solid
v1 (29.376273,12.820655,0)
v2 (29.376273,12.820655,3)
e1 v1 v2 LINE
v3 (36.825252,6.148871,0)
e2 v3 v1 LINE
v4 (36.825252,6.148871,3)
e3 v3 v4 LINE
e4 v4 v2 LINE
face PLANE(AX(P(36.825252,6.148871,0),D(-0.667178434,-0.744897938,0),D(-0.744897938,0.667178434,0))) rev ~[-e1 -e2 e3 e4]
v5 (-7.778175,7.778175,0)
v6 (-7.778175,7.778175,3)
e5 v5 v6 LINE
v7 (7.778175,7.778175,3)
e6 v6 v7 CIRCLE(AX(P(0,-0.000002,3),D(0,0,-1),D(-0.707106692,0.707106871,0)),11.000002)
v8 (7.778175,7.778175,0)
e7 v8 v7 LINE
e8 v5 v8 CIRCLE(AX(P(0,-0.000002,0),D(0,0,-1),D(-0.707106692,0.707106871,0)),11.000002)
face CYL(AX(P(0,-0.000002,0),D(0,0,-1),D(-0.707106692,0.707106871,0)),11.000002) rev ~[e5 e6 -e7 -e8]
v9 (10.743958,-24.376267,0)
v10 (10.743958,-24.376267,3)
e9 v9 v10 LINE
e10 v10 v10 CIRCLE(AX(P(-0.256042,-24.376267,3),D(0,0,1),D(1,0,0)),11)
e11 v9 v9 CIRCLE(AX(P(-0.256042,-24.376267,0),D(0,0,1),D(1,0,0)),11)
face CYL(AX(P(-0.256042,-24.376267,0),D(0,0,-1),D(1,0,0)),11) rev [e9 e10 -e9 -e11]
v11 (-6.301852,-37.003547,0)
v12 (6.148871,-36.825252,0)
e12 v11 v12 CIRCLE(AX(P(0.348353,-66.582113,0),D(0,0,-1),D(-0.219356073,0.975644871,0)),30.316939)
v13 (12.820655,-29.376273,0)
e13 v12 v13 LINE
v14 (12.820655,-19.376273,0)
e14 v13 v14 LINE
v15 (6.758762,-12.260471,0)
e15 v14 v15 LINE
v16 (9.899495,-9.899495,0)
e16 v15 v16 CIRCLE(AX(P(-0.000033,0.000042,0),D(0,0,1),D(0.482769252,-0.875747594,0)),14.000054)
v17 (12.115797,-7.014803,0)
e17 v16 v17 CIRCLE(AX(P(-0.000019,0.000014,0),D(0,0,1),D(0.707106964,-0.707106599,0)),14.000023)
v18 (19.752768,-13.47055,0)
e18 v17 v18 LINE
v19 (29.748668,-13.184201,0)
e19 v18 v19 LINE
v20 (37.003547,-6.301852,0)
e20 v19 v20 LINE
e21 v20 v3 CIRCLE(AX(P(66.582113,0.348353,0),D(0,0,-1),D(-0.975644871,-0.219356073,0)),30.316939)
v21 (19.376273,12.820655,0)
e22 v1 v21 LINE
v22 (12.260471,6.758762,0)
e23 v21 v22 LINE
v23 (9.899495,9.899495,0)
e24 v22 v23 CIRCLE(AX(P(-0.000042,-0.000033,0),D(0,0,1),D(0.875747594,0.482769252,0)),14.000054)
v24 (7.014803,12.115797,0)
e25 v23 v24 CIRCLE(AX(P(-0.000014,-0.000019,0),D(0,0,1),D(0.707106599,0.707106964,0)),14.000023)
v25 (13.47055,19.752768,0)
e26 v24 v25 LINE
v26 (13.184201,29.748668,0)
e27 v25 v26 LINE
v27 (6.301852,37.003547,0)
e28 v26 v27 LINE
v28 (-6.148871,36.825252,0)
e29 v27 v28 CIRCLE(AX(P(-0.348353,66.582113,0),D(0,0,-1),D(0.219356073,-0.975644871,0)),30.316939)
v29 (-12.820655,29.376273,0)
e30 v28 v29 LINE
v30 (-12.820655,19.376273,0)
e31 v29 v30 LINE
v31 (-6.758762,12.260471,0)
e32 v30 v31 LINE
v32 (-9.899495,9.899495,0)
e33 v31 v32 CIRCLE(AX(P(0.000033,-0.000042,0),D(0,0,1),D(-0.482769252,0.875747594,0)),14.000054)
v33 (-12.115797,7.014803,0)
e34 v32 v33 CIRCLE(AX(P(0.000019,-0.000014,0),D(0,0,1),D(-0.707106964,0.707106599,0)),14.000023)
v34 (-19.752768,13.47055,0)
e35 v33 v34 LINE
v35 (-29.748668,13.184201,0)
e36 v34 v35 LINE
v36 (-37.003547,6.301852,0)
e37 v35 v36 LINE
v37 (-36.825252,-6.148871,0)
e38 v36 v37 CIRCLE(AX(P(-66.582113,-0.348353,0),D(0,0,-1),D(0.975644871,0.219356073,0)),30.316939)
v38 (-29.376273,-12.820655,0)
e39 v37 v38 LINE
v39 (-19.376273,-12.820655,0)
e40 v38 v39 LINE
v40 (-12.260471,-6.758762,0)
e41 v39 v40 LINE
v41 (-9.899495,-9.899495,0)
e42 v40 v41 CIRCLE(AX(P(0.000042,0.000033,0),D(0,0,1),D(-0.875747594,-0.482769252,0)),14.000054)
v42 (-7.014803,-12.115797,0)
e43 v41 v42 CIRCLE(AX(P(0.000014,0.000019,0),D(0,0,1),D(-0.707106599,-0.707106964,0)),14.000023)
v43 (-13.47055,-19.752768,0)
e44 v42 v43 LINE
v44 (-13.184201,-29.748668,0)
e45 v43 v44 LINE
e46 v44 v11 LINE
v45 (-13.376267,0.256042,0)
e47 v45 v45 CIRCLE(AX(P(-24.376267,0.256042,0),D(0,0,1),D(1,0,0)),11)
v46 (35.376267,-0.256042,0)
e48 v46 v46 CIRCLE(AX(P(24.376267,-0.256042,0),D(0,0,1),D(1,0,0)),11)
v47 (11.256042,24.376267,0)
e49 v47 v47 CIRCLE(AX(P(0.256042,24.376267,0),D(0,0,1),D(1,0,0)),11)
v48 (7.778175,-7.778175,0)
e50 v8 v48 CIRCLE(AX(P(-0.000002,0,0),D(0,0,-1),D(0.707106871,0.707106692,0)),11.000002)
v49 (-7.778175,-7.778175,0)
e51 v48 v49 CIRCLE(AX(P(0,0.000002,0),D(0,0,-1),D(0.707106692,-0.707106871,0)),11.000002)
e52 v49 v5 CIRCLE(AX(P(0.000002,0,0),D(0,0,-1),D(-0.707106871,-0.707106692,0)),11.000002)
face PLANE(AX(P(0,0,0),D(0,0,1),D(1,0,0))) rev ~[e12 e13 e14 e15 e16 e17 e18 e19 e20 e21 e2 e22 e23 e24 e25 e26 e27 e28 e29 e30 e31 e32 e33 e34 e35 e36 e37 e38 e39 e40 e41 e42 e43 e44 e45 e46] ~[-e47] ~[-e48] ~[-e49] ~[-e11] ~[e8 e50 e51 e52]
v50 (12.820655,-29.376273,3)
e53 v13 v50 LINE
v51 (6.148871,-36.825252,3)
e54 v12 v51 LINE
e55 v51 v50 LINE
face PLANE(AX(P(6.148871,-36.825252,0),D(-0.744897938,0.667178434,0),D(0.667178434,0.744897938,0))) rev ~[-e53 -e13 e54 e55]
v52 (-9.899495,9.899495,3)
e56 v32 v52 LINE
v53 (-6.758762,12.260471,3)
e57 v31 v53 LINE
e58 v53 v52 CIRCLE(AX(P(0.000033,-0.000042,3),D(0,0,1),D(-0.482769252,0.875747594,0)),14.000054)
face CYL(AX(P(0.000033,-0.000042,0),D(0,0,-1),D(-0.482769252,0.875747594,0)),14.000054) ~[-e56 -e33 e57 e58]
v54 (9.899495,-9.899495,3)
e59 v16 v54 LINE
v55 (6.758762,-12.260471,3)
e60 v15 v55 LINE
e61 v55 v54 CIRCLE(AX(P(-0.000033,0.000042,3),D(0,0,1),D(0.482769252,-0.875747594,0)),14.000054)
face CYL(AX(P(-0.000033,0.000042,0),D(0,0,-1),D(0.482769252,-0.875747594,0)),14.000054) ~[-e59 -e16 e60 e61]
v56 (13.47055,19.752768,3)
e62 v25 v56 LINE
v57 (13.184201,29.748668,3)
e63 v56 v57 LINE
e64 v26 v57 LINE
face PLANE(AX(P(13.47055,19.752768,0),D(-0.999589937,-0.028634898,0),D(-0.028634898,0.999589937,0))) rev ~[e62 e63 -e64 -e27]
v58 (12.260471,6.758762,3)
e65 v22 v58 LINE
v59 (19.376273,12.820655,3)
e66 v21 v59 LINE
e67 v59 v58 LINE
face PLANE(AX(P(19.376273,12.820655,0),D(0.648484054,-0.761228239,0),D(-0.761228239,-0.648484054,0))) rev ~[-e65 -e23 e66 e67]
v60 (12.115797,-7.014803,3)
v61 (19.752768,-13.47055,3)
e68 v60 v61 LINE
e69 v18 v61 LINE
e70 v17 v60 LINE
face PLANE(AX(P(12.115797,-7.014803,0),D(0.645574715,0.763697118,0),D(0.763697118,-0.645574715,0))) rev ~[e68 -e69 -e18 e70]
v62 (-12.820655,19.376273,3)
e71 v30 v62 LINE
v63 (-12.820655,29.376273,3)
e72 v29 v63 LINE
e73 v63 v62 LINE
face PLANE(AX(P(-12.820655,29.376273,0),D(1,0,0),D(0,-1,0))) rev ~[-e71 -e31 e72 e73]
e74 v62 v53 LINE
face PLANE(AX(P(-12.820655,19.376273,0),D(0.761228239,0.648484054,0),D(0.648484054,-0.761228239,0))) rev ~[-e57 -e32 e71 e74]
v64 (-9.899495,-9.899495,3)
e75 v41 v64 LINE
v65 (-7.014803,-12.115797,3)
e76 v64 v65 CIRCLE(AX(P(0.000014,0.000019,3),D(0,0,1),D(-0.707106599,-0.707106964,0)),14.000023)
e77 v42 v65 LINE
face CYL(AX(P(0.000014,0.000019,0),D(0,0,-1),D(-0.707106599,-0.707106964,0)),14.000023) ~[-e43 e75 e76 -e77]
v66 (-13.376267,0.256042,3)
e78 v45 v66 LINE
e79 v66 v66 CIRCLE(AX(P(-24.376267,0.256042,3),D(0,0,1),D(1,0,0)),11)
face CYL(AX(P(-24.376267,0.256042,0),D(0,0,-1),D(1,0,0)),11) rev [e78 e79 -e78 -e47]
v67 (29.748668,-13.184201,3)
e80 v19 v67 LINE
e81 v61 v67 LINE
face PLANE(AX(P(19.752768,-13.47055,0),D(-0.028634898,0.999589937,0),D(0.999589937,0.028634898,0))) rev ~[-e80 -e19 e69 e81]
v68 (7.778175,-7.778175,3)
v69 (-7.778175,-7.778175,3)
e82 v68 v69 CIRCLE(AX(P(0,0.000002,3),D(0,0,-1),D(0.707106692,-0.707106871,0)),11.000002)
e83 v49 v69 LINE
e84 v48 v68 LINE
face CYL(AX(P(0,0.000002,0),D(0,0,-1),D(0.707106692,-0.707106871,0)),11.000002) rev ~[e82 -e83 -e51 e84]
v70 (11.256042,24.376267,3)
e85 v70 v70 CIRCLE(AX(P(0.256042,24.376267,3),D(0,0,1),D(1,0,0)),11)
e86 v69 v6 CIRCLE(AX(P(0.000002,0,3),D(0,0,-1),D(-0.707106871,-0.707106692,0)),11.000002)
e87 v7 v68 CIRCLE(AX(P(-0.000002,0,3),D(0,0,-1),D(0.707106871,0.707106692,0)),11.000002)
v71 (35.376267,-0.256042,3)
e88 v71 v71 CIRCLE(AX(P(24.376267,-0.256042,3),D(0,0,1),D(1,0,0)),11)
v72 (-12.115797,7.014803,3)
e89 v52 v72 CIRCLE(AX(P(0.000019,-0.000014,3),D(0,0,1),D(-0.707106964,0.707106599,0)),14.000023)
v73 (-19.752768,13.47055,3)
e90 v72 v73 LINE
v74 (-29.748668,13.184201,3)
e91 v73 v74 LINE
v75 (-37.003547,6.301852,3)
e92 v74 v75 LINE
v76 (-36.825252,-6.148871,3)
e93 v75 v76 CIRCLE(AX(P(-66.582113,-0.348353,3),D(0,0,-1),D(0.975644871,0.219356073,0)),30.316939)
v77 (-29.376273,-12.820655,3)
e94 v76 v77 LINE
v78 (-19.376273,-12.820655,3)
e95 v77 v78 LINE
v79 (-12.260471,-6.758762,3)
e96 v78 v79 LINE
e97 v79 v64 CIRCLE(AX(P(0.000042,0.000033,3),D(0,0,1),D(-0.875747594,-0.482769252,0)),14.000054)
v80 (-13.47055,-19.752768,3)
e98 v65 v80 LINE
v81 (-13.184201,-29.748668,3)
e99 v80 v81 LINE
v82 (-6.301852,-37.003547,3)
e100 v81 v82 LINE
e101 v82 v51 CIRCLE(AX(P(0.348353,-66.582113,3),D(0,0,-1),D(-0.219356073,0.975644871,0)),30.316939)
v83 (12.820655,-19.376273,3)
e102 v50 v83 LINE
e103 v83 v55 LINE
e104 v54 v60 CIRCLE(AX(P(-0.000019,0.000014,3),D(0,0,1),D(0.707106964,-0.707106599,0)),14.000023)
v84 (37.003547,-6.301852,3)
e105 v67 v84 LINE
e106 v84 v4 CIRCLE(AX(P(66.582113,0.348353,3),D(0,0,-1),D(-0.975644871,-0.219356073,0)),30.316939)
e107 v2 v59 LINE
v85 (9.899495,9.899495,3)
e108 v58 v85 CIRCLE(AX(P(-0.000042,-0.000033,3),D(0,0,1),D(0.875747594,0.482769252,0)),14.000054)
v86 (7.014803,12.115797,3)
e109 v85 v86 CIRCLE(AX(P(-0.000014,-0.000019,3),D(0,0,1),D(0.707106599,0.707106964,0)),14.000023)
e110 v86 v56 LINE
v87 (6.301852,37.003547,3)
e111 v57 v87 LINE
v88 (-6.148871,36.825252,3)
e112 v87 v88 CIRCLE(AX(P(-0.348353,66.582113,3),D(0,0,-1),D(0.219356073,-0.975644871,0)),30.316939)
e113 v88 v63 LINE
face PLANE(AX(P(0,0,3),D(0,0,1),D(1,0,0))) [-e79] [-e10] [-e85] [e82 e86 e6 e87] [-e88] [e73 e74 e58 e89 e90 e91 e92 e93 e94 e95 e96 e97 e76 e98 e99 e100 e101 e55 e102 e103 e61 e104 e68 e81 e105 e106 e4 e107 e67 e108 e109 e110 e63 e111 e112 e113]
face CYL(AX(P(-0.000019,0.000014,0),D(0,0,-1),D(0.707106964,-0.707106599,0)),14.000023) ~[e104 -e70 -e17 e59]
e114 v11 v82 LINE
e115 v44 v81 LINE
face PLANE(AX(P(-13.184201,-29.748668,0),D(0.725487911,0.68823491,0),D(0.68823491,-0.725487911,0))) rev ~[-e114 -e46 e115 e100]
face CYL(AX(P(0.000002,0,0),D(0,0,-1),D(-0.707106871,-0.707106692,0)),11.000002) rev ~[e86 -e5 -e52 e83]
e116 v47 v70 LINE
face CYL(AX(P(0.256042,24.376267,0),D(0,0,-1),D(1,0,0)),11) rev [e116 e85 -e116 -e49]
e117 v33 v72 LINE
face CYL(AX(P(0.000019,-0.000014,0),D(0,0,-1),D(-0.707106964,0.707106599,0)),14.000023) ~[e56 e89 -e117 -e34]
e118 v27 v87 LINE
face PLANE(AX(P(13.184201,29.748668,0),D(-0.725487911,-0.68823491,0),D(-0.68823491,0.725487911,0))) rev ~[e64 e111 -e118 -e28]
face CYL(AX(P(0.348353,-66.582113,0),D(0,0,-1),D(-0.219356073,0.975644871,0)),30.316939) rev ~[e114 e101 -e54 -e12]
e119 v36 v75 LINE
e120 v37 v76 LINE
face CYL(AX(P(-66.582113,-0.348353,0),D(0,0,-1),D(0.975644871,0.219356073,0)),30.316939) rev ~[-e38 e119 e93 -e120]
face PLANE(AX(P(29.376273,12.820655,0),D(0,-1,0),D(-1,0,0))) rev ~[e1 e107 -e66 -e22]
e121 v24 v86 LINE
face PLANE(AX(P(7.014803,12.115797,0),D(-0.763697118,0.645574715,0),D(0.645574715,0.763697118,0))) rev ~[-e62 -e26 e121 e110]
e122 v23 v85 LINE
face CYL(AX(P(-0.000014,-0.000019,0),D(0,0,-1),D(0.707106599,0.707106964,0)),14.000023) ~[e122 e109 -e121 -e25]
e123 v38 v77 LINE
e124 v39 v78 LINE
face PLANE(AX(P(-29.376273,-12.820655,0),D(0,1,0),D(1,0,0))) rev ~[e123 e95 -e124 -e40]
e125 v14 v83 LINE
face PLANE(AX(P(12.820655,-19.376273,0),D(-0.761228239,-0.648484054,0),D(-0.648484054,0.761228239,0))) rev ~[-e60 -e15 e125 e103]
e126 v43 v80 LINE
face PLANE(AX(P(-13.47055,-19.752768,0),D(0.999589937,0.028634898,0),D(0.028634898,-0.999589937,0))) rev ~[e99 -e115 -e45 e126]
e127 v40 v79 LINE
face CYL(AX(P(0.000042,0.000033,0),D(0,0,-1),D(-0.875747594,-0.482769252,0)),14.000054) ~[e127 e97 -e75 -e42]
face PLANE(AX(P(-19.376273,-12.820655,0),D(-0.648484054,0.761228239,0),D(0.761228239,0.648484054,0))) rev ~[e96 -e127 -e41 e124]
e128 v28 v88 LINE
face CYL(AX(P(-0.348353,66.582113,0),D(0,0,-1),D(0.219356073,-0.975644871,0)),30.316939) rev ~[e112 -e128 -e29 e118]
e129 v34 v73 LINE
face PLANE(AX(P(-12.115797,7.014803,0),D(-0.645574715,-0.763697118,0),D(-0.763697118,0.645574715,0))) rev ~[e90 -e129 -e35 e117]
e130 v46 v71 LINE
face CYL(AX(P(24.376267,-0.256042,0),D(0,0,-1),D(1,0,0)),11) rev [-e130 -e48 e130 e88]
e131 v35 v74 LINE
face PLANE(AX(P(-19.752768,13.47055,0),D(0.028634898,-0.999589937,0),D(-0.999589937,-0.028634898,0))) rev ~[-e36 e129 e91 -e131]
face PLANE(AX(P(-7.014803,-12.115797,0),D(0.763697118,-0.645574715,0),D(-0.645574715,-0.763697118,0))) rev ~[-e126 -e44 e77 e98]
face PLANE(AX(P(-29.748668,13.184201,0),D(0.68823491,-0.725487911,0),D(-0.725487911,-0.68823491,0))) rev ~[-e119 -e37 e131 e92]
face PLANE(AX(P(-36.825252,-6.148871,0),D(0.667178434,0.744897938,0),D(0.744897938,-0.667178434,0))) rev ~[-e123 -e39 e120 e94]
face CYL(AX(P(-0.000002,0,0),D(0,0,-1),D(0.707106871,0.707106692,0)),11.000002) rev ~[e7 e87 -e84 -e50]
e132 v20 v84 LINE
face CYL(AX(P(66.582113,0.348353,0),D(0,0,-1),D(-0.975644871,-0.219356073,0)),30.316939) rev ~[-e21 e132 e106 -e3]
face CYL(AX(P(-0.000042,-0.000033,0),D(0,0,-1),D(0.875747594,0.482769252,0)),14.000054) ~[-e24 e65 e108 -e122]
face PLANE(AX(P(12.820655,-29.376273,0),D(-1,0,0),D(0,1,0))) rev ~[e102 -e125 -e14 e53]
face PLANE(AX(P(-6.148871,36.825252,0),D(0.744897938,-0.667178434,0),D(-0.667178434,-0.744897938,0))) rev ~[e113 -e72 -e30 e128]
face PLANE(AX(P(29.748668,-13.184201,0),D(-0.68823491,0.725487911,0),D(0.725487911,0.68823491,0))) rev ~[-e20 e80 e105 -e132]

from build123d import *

# Parameters (mm, degrees)
F0_R     = 11
F1_DEPTH = 3


with BuildPart() as f1:
    # F0 (on Top) → F1 (new body)
    with BuildSketch(Plane.XY):
        with BuildLine():
            ThreePointArc((12.260471, 6.758762), (11.190713, 8.412368), (9.899495, 9.899495))
            ThreePointArc((9.899495, 9.899495), (8.529441, 11.10174), (7.014803, 12.115797))
            Line((7.014803, 12.115797), (13.47055, 19.752768))
            Line((13.47055, 19.752768), (13.184201, 29.748668))
            Line((13.184201, 29.748668), (6.301852, 37.003547))
            ThreePointArc((6.301852, 37.003547), (0.085743, 36.268282), (-6.148871, 36.825252))
            Line((-6.148871, 36.825252), (-12.820655, 29.376273))
            Line((-12.820655, 29.376273), (-12.820655, 19.376273))
            Line((-12.820655, 19.376273), (-6.758762, 12.260471))
            ThreePointArc((-6.758762, 12.260471), (-8.412368, 11.190713), (-9.899495, 9.899495))
            ThreePointArc((-9.899495, 9.899495), (-11.10174, 8.529441), (-12.115797, 7.014803))
            Line((-12.115797, 7.014803), (-19.752768, 13.47055))
            Line((-19.752768, 13.47055), (-29.748668, 13.184201))
            Line((-29.748668, 13.184201), (-37.003547, 6.301852))
            ThreePointArc((-37.003547, 6.301852), (-36.268282, 0.085743), (-36.825252, -6.148871))
            Line((-36.825252, -6.148871), (-29.376273, -12.820655))
            Line((-29.376273, -12.820655), (-19.376273, -12.820655))
            Line((-19.376273, -12.820655), (-12.260471, -6.758762))
            ThreePointArc((-12.260471, -6.758762), (-11.190713, -8.412368), (-9.899495, -9.899495))
            ThreePointArc((-9.899495, -9.899495), (-8.529441, -11.10174), (-7.014803, -12.115797))
            Line((-7.014803, -12.115797), (-13.47055, -19.752768))
            Line((-13.47055, -19.752768), (-13.184201, -29.748668))
            Line((-13.184201, -29.748668), (-6.301852, -37.003547))
            ThreePointArc((-6.301852, -37.003547), (-0.085743, -36.268282), (6.148871, -36.825252))
            Line((6.148871, -36.825252), (12.820655, -29.376273))
            Line((12.820655, -29.376273), (12.820655, -19.376273))
            Line((12.820655, -19.376273), (6.758762, -12.260471))
            ThreePointArc((6.758762, -12.260471), (8.412368, -11.190713), (9.899495, -9.899495))
            ThreePointArc((9.899495, -9.899495), (11.10174, -8.529441), (12.115797, -7.014803))
            Line((12.115797, -7.014803), (19.752768, -13.47055))
            Line((19.752768, -13.47055), (29.748668, -13.184201))
            Line((29.748668, -13.184201), (37.003547, -6.301852))
            ThreePointArc((37.003547, -6.301852), (36.268282, -0.085743), (36.825252, 6.148871))
            Line((36.825252, 6.148871), (29.376273, 12.820655))
            Line((29.376273, 12.820655), (19.376273, 12.820655))
            Line((19.376273, 12.820655), (12.260471, 6.758762))
        make_face()
        with Locations((-0.256042, -24.376267)):
            Circle(F0_R, mode=Mode.SUBTRACT)
        with Locations((24.376267, -0.256042)):
            Circle(F0_R, mode=Mode.SUBTRACT)
        with Locations((-24.376267, 0.256042)):
            Circle(F0_R, mode=Mode.SUBTRACT)
        with BuildLine():
            ThreePointArc((-7.778175, 7.778175), (0, 11), (7.778175, 7.778175))
            ThreePointArc((7.778175, 7.778175), (11, 0), (7.778175, -7.778175))
            ThreePointArc((7.778175, -7.778175), (0, -11), (-7.778175, -7.778175))
            ThreePointArc((-7.778175, -7.778175), (-11, 0), (-7.778175, 7.778175))
        make_face(mode=Mode.SUBTRACT)
        with Locations((0.256042, 24.376267)):
            Circle(F0_R, mode=Mode.SUBTRACT)
    extrude(amount=F1_DEPTH)


solid = f1.part
